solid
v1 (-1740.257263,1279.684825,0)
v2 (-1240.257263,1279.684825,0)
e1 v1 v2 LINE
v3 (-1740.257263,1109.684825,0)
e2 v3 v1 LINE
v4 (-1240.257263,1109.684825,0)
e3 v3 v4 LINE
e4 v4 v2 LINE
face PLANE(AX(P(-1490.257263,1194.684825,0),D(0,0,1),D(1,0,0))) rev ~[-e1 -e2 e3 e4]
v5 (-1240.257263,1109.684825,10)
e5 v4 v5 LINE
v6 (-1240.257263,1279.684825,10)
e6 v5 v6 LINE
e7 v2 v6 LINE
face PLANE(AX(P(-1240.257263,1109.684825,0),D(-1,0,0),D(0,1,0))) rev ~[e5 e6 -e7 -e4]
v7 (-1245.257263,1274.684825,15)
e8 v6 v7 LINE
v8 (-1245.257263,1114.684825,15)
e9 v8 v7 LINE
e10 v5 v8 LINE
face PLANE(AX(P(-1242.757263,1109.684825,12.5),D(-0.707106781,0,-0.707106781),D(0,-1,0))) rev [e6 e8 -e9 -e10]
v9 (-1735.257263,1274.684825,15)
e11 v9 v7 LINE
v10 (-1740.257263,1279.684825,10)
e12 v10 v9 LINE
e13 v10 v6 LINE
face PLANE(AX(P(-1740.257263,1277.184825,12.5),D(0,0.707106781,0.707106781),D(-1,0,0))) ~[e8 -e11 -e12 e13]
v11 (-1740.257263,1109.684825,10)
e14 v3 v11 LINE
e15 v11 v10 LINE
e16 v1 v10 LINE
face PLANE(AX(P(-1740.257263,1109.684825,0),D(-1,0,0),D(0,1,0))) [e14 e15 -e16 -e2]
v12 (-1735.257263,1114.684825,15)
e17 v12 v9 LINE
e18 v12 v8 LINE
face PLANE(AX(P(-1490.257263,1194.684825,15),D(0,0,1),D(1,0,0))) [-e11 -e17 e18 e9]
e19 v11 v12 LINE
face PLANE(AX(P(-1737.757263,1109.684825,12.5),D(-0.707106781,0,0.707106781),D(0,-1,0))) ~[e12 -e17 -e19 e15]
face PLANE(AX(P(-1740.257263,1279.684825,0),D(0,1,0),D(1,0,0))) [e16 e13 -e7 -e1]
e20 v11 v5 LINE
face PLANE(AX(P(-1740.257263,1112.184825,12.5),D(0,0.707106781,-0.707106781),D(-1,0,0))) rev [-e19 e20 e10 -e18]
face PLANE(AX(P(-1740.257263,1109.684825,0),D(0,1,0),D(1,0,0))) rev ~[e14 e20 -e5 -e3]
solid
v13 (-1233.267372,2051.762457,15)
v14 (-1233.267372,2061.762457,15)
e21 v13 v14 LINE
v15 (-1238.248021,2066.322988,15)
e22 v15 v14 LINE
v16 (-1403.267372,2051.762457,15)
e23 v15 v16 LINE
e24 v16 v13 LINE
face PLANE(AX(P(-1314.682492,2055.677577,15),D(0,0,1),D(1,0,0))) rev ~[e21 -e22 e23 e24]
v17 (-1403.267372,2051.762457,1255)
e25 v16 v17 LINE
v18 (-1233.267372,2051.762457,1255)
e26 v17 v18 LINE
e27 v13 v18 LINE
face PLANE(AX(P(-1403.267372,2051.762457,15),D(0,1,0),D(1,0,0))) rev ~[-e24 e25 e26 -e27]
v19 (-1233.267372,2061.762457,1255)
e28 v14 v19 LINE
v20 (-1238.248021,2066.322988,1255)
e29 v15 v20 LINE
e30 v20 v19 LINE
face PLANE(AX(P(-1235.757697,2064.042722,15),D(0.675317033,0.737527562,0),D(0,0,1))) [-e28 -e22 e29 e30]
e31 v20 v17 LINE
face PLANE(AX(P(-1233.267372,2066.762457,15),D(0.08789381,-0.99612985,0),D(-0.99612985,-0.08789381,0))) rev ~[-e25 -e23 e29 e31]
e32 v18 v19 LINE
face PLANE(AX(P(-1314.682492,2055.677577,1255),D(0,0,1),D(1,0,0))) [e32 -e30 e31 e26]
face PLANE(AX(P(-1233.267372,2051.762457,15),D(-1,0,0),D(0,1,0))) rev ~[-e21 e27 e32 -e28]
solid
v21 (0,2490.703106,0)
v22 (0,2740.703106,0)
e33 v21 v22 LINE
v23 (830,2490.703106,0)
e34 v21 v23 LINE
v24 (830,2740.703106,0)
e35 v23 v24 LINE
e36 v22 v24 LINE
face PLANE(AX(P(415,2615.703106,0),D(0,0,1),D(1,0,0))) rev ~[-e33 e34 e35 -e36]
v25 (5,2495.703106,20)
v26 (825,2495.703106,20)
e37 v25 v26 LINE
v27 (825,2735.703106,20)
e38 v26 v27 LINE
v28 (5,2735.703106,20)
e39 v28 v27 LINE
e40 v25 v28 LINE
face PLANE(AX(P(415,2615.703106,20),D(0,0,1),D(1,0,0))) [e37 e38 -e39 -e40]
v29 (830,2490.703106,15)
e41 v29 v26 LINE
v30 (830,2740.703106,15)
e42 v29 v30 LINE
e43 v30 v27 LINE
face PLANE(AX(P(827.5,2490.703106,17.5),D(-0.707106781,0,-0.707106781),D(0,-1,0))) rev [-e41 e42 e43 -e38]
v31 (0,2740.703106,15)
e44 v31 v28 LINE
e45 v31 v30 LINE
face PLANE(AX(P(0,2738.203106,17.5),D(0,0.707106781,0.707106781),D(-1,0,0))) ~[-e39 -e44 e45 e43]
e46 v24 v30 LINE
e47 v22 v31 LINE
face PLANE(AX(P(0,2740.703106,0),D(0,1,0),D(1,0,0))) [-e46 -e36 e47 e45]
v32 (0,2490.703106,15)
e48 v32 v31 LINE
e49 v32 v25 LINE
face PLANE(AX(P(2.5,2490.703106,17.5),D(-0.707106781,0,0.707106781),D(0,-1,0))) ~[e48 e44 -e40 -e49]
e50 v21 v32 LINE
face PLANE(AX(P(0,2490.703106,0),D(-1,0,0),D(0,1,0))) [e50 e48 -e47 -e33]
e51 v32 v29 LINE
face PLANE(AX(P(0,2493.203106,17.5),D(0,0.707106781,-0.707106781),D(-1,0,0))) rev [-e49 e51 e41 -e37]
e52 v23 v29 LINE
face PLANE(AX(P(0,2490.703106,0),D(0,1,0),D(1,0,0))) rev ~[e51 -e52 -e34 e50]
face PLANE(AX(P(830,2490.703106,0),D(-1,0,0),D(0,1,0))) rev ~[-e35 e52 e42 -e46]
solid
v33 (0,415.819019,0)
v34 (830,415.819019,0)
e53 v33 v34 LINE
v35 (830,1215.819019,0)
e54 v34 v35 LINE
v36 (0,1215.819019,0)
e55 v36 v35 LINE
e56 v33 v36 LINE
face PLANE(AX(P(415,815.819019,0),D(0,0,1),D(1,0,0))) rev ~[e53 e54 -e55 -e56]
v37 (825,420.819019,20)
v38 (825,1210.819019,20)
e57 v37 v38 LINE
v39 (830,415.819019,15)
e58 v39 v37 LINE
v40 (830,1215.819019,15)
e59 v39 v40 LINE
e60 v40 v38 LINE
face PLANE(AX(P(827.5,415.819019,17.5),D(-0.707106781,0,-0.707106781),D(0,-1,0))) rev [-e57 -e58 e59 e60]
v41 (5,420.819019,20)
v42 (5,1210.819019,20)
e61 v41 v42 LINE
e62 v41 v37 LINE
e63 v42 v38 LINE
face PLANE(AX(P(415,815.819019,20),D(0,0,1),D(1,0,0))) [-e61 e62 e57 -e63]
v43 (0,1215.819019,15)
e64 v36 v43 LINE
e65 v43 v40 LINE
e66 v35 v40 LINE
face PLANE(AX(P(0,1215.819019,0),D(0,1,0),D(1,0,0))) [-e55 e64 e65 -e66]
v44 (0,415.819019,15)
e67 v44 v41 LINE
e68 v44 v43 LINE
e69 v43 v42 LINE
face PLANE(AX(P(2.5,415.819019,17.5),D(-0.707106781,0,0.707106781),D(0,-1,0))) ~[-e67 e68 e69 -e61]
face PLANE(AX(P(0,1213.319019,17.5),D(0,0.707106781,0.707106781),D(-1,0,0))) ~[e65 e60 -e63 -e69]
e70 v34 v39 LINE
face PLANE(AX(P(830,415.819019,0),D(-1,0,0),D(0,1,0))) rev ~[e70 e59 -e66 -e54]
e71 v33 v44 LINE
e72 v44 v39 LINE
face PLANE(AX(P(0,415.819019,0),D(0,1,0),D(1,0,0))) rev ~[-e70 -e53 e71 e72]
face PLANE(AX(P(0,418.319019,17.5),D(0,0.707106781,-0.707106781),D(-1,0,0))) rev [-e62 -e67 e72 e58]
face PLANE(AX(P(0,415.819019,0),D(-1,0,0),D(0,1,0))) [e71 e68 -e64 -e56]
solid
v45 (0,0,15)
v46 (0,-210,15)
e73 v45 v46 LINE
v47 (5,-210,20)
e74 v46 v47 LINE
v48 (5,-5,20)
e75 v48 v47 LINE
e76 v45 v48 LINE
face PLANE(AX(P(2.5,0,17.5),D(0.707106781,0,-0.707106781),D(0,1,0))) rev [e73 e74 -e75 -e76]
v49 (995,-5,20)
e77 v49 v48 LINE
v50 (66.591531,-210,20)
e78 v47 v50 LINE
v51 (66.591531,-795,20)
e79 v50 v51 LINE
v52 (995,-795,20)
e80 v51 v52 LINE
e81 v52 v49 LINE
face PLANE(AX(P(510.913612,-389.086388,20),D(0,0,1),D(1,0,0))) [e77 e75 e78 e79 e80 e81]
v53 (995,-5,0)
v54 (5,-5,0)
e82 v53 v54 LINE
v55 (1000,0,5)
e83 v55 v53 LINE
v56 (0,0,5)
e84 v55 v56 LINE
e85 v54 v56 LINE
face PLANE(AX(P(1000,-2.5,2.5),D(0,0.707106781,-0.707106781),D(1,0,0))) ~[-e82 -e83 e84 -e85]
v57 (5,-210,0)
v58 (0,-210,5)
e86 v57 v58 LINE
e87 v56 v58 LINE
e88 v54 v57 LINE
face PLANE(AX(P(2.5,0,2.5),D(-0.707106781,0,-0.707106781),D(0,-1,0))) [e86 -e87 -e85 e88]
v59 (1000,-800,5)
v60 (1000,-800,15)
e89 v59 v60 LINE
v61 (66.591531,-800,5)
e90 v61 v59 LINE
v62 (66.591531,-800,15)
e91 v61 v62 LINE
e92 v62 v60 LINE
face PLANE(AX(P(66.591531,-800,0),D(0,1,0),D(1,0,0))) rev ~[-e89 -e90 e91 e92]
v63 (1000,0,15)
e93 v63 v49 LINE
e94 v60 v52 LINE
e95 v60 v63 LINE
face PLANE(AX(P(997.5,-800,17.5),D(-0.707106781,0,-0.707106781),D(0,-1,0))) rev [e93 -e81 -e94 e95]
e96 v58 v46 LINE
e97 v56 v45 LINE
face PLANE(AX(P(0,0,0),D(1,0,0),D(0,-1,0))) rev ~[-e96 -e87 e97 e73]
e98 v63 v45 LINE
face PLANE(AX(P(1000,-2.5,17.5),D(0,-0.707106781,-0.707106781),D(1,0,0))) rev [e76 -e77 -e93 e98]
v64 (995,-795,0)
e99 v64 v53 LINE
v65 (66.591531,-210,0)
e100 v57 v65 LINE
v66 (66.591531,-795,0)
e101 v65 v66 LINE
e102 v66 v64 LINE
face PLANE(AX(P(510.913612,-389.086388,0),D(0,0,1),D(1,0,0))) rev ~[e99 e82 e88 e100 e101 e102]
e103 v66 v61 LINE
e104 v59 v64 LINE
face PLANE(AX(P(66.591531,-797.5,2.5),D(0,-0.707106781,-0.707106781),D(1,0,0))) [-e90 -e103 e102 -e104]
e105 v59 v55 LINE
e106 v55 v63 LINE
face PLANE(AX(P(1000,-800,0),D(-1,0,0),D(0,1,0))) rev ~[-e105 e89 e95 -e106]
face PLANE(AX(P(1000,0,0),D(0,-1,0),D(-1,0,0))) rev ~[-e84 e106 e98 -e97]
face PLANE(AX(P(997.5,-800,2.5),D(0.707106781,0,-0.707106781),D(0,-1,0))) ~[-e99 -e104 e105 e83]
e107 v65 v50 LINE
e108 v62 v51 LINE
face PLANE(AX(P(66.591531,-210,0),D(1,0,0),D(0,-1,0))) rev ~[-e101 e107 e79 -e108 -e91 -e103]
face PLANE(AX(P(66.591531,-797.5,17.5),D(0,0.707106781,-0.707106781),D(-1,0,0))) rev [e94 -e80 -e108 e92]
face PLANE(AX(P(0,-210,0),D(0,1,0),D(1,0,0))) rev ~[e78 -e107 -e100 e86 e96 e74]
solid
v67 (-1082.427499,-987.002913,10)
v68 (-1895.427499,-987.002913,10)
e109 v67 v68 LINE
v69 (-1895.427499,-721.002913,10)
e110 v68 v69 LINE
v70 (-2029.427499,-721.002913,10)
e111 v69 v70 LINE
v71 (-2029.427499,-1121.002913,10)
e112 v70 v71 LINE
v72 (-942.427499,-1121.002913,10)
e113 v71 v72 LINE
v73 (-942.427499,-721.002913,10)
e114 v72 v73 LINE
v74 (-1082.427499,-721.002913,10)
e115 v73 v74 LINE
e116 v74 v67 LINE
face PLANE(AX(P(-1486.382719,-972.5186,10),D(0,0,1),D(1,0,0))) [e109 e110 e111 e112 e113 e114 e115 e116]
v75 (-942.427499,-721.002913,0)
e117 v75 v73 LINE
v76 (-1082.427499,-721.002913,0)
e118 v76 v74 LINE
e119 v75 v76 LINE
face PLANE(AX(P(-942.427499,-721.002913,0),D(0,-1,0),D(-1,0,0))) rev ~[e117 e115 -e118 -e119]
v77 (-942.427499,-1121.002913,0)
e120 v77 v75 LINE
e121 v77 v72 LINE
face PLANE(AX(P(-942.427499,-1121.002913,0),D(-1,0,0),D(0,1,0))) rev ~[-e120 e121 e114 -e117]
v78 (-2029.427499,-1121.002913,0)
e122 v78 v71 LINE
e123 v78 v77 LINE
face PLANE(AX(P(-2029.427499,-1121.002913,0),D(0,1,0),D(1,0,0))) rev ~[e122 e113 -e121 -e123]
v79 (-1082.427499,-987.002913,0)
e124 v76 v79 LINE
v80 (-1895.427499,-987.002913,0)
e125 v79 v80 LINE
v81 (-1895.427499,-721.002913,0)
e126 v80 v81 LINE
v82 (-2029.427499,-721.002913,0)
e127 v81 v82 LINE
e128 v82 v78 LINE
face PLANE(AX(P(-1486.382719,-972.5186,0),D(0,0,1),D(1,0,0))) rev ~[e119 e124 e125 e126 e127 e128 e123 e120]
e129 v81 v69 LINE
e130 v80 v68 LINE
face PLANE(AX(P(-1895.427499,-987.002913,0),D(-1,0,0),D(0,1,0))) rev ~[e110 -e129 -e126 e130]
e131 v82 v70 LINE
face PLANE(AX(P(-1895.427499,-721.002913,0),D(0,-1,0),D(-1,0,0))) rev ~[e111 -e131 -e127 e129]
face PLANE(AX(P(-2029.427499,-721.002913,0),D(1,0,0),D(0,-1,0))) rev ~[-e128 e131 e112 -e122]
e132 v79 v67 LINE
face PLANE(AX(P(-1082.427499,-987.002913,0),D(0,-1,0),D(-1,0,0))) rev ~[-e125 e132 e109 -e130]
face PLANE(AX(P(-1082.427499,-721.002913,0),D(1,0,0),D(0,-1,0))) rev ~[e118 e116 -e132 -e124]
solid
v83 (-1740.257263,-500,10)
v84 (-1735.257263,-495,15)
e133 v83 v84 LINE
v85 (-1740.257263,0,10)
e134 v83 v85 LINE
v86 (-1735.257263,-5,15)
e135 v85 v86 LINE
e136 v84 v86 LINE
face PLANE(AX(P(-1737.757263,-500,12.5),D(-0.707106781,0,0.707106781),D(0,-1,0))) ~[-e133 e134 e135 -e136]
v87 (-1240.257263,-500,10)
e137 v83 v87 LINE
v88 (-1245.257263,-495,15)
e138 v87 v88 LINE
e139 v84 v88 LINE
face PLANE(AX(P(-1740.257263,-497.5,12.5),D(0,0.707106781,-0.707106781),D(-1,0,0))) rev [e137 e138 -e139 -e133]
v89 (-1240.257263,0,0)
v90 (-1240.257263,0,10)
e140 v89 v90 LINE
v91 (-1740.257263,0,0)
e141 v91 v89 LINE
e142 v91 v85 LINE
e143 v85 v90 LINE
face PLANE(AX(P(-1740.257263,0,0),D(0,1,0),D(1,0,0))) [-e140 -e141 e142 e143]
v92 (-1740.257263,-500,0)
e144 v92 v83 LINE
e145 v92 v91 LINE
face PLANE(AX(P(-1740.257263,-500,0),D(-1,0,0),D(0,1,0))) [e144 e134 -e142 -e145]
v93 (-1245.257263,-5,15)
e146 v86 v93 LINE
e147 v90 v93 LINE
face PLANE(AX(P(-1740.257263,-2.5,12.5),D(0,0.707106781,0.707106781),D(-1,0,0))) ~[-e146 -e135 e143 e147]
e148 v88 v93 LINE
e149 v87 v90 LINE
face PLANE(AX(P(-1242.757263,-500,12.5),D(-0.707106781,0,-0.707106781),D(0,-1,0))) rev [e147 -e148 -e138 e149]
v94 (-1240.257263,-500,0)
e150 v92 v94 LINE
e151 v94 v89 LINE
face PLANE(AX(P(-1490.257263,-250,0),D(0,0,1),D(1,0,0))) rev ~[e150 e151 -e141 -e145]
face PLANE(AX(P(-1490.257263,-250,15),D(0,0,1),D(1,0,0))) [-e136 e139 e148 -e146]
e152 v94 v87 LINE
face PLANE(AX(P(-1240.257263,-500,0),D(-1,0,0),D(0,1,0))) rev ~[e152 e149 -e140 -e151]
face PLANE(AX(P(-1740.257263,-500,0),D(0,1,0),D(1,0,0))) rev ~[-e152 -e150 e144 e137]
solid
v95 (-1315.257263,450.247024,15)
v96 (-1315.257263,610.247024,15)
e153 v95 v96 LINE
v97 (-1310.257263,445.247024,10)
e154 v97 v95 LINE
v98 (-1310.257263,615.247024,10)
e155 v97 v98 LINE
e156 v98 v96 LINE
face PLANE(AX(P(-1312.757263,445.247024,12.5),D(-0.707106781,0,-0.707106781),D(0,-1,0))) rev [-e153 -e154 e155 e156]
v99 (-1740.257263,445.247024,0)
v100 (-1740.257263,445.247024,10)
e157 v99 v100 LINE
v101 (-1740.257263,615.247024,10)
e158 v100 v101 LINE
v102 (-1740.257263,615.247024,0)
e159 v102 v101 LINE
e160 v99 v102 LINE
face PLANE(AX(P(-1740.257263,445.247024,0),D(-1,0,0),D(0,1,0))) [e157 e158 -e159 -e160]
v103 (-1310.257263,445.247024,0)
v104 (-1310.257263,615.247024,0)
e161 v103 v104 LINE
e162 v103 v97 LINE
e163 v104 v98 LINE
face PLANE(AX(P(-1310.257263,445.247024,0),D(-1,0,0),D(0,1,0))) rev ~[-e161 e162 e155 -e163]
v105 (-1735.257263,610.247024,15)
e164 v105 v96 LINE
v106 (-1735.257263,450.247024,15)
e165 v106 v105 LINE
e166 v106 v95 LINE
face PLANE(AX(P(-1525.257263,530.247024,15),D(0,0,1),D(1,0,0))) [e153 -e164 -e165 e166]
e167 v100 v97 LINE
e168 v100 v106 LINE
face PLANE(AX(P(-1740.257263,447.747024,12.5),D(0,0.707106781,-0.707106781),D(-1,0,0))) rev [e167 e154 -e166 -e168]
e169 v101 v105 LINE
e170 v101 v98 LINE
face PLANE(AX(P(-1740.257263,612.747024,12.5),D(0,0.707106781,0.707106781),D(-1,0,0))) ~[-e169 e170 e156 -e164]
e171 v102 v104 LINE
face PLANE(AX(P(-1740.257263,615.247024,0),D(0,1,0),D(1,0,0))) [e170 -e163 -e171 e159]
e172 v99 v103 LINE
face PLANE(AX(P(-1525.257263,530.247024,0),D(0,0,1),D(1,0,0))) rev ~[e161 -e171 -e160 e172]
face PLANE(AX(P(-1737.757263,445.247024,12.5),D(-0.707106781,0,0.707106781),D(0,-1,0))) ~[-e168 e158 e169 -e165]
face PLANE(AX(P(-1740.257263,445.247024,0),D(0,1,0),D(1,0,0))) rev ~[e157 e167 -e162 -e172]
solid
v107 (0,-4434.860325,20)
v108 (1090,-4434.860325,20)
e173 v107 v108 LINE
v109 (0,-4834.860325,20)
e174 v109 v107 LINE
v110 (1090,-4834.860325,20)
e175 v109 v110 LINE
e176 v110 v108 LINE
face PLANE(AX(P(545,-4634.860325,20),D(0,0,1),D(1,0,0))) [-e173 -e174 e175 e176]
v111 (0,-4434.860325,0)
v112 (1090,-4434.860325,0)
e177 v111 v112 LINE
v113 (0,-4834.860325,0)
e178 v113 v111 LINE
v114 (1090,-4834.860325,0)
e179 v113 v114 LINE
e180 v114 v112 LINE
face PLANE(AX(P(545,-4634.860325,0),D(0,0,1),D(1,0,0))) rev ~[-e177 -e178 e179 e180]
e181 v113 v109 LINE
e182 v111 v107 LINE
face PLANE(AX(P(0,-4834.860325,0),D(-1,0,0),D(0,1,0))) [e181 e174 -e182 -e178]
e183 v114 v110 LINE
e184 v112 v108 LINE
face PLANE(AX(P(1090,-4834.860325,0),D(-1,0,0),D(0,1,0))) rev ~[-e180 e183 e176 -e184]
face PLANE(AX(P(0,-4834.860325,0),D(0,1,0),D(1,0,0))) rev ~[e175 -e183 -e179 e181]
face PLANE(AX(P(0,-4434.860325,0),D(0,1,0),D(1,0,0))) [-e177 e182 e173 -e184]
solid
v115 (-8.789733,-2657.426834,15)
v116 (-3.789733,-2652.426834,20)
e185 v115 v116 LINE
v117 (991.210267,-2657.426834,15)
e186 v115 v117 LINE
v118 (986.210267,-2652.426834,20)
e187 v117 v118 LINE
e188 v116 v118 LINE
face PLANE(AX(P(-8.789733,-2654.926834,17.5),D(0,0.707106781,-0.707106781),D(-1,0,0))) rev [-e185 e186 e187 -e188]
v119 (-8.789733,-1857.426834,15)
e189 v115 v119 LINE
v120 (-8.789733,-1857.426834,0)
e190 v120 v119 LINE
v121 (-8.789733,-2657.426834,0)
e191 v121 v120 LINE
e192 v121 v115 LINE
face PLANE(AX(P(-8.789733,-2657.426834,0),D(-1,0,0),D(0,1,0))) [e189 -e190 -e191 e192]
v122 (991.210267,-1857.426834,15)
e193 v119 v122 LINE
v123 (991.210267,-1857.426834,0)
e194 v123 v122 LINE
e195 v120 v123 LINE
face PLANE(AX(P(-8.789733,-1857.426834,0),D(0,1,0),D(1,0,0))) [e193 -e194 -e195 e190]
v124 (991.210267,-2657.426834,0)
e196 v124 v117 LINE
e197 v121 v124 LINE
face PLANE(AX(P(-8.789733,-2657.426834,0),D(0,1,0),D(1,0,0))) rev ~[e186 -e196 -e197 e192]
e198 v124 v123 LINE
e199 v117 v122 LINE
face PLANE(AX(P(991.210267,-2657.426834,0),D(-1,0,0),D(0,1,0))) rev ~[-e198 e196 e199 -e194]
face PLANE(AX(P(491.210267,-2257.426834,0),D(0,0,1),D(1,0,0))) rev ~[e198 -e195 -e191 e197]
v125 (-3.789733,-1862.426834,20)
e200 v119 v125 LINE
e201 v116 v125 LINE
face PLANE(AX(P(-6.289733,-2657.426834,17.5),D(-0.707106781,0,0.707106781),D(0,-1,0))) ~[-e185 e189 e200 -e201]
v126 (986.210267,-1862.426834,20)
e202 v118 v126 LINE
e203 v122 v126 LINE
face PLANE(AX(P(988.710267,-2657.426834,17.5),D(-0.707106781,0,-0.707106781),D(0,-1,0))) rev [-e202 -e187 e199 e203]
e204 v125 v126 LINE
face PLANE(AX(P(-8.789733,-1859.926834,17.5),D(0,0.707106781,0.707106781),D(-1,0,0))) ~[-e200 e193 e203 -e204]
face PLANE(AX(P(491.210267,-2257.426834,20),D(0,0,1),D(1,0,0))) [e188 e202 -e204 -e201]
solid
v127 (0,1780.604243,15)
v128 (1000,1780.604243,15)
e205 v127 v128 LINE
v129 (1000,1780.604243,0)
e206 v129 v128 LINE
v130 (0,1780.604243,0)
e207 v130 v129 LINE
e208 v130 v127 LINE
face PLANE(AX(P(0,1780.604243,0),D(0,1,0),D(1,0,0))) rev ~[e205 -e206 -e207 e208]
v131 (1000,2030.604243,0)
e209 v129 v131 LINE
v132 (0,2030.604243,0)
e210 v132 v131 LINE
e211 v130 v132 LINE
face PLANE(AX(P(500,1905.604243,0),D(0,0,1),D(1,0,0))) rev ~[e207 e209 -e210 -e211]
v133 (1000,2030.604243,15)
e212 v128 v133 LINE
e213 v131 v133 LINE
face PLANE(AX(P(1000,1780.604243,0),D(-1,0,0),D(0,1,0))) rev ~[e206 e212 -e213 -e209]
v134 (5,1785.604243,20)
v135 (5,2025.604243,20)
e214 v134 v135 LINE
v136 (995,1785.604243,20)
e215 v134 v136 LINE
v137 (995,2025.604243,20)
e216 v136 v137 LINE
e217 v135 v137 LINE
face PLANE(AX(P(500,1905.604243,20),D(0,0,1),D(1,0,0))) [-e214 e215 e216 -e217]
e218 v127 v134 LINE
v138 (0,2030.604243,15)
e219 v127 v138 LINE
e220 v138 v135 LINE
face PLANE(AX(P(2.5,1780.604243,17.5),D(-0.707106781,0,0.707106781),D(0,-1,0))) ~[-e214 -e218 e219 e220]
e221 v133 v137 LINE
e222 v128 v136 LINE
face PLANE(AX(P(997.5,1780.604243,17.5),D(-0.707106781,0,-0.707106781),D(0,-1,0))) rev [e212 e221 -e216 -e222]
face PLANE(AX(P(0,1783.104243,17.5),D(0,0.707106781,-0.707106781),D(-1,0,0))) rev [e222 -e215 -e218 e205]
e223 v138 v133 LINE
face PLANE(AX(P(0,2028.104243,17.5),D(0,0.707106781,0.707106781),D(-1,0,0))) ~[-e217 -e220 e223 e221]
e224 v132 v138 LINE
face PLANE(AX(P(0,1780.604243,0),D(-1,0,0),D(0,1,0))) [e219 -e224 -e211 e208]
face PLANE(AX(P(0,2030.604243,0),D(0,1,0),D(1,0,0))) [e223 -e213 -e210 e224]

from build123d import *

# Parameters (mm, degrees)
F1_DEPTH  = 20
F2_SIZE   = 5
F3_SIZE   = 5
F4_W      = 830
F4_H      = 800
F5_DEPTH  = 20
F6_W      = 1000
F6_H      = 250
F7_DEPTH  = 20
F8_SIZE   = 5
F9_SIZE   = 5
F10_W     = 830
F10_H     = 250
F11_DEPTH = 20
F12_SIZE  = 5
F13_W     = 1000
F13_H     = 800
F14_DEPTH = 20
F15_SIZE  = 5
F16_W     = 500
F16_H     = 500
F16_W_2   = 430
F16_H_2   = 170
F17_DEPTH = 15
F18_SIZE  = 5
F19_SIZE  = 5
F20_SIZE  = 5
F22_DEPTH = 1240
F23_SIZE  = 5
F25_DEPTH = 10
F26_W     = 1090
F26_H     = 400
F27_DEPTH = 20


with BuildPart() as f1:
    # F0 (on Top) → F1 (new body)
    with BuildSketch(Plane.XY):
        Polygon((1000, 0), (0, 0), (0, -210), (66.591531, -210), (66.591531, -800), (1000, -800), align=None)
    extrude(amount=F1_DEPTH)

    # F2
    f2_edges = [f1.edges().sort_by_distance(p)[0] for p in [
        (0, -105, 20),
        (500, 0, 20),
        (533.295766, -800, 20),
        (1000, -400, 20),
    ]]
    chamfer(f2_edges, length=F2_SIZE)

    # F3
    f3_edges = [f1.edges().sort_by_distance(p)[0] for p in [
        (1000, -400, 0),
        (533.295766, -800, 0),
        (0, -105, 0),
        (500, 0, 0),
    ]]
    chamfer(f3_edges, length=F3_SIZE)


with BuildPart() as f5:
    # F4 (on Top) → F5 (new body)
    with BuildSketch(Plane.XY):
        with Locations((415, 815.819019)):
            Rectangle(F4_W, F4_H)
    extrude(amount=F5_DEPTH)

    # F8
    f8_edges = [f5.edges().sort_by_distance(p)[0] for p in [
        (415, 1215.819019, 20),
        (0, 815.819019, 20),
        (415, 415.819019, 20),
        (830, 815.819019, 20),
    ]]
    chamfer(f8_edges, length=F8_SIZE)


with BuildPart() as f7:
    # F6 (on Top) → F7 (new body)
    with BuildSketch(Plane.XY):
        with Locations((500, 1905.604243)):
            Rectangle(F6_W, F6_H)
    extrude(amount=F7_DEPTH)

    # F9
    f9_edges = [f7.edges().sort_by_distance(p)[0] for p in [
        (1000, 1905.604243, 20),
        (500, 2030.604243, 20),
        (0, 1905.604243, 20),
        (500, 1780.604243, 20),
    ]]
    chamfer(f9_edges, length=F9_SIZE)


with BuildPart() as f11:
    # F10 (on Top) → F11 (new body)
    with BuildSketch(Plane.XY):
        with Locations((415, 2615.703106)):
            Rectangle(F10_W, F10_H)
    extrude(amount=F11_DEPTH)

    # F12
    f12_edges = [f11.edges().sort_by_distance(p)[0] for p in [
        (415, 2740.703106, 20),
        (0, 2615.703106, 20),
        (415, 2490.703106, 20),
        (830, 2615.703106, 20),
    ]]
    chamfer(f12_edges, length=F12_SIZE)


with BuildPart() as f14:
    # F13 (on Top) → F14 (new body)
    with BuildSketch(Plane.XY):
        with Locations((491.210267, -2257.426834)):
            Rectangle(F13_W, F13_H)
    extrude(amount=F14_DEPTH)

    # F15
    f15_edges = [f14.edges().sort_by_distance(p)[0] for p in [
        (491.210267, -1857.426834, 20),
        (-8.789733, -2257.426834, 20),
        (491.210267, -2657.426834, 20),
        (991.210267, -2257.426834, 20),
    ]]
    chamfer(f15_edges, length=F15_SIZE)


with BuildPart() as f17:
    # F16 (on Top) → F17 (new body)
    with BuildSketch(Plane.XY):
        with Locations((-1490.257263, -250)):
            Rectangle(F16_W, F16_H)
        with Locations((-1525.257263, 530.247024)):
            Rectangle(F16_W_2, F16_H_2)
        with Locations((-1490.257263, 1194.684825)):
            Rectangle(F16_W, F16_H_2)
    extrude(amount=F17_DEPTH)

    # F18
    f18_edges = [f17.edges().sort_by_distance(p)[0] for p in [
        (-1490.257263, 0, 15),
        (-1740.257263, -250, 15),
        (-1490.257263, -500, 15),
        (-1240.257263, -250, 15),
    ]]
    chamfer(f18_edges, length=F18_SIZE)

    # F19
    f19_edges = [f17.edges().sort_by_distance(p)[0] for p in [
        (-1490.257263, 1109.684825, 15),
        (-1740.257263, 1194.684825, 15),
        (-1490.257263, 1279.684825, 15),
        (-1240.257263, 1194.684825, 15),
    ]]
    chamfer(f19_edges, length=F19_SIZE)

    # F20
    f20_edges = [f17.edges().sort_by_distance(p)[0] for p in [
        (-1740.257263, 530.247024, 15),
        (-1525.257263, 615.247024, 15),
        (-1310.257263, 530.247024, 15),
        (-1525.257263, 445.247024, 15),
    ]]
    chamfer(f20_edges, length=F20_SIZE)


with BuildPart() as f22:
    # F21 (on face) → F22 (new body)
    with BuildSketch(Plane.XY.offset(15)):
        Polygon((-1233.267372, 2066.762457), (-1403.267372, 2051.762457), (-1233.267372, 2051.762457), align=None)
    extrude(amount=F22_DEPTH)

    # F23
    f23_edges = [f22.edges().sort_by_distance(p)[0] for p in [
        (-1233.267372, 2066.762457, 635),
    ]]
    chamfer(f23_edges, length=F23_SIZE)


with BuildPart() as f25:
    # F24 (on Top) → F25 (new body)
    with BuildSketch(Plane.XY):
        Polygon((-1895.427499, -721.002913), (-2029.427499, -721.002913), (-2029.427499, -1121.002913), (-942.427499, -1121.002913), (-942.427499, -721.002913), (-1082.427499, -721.002913), (-1082.427499, -987.002913), (-1895.427499, -987.002913), align=None)
    extrude(amount=F25_DEPTH)


with BuildPart() as f27:
    # F26 (on Top) → F27 (new body)
    with BuildSketch(Plane.XY):
        with Locations((545, -4634.860325)):
            Rectangle(F26_W, F26_H)
    extrude(amount=F27_DEPTH)


solid = Compound([f1.part, f5.part, f7.part, f11.part, f14.part, f17.part, f22.part, f25.part, f27.part])
